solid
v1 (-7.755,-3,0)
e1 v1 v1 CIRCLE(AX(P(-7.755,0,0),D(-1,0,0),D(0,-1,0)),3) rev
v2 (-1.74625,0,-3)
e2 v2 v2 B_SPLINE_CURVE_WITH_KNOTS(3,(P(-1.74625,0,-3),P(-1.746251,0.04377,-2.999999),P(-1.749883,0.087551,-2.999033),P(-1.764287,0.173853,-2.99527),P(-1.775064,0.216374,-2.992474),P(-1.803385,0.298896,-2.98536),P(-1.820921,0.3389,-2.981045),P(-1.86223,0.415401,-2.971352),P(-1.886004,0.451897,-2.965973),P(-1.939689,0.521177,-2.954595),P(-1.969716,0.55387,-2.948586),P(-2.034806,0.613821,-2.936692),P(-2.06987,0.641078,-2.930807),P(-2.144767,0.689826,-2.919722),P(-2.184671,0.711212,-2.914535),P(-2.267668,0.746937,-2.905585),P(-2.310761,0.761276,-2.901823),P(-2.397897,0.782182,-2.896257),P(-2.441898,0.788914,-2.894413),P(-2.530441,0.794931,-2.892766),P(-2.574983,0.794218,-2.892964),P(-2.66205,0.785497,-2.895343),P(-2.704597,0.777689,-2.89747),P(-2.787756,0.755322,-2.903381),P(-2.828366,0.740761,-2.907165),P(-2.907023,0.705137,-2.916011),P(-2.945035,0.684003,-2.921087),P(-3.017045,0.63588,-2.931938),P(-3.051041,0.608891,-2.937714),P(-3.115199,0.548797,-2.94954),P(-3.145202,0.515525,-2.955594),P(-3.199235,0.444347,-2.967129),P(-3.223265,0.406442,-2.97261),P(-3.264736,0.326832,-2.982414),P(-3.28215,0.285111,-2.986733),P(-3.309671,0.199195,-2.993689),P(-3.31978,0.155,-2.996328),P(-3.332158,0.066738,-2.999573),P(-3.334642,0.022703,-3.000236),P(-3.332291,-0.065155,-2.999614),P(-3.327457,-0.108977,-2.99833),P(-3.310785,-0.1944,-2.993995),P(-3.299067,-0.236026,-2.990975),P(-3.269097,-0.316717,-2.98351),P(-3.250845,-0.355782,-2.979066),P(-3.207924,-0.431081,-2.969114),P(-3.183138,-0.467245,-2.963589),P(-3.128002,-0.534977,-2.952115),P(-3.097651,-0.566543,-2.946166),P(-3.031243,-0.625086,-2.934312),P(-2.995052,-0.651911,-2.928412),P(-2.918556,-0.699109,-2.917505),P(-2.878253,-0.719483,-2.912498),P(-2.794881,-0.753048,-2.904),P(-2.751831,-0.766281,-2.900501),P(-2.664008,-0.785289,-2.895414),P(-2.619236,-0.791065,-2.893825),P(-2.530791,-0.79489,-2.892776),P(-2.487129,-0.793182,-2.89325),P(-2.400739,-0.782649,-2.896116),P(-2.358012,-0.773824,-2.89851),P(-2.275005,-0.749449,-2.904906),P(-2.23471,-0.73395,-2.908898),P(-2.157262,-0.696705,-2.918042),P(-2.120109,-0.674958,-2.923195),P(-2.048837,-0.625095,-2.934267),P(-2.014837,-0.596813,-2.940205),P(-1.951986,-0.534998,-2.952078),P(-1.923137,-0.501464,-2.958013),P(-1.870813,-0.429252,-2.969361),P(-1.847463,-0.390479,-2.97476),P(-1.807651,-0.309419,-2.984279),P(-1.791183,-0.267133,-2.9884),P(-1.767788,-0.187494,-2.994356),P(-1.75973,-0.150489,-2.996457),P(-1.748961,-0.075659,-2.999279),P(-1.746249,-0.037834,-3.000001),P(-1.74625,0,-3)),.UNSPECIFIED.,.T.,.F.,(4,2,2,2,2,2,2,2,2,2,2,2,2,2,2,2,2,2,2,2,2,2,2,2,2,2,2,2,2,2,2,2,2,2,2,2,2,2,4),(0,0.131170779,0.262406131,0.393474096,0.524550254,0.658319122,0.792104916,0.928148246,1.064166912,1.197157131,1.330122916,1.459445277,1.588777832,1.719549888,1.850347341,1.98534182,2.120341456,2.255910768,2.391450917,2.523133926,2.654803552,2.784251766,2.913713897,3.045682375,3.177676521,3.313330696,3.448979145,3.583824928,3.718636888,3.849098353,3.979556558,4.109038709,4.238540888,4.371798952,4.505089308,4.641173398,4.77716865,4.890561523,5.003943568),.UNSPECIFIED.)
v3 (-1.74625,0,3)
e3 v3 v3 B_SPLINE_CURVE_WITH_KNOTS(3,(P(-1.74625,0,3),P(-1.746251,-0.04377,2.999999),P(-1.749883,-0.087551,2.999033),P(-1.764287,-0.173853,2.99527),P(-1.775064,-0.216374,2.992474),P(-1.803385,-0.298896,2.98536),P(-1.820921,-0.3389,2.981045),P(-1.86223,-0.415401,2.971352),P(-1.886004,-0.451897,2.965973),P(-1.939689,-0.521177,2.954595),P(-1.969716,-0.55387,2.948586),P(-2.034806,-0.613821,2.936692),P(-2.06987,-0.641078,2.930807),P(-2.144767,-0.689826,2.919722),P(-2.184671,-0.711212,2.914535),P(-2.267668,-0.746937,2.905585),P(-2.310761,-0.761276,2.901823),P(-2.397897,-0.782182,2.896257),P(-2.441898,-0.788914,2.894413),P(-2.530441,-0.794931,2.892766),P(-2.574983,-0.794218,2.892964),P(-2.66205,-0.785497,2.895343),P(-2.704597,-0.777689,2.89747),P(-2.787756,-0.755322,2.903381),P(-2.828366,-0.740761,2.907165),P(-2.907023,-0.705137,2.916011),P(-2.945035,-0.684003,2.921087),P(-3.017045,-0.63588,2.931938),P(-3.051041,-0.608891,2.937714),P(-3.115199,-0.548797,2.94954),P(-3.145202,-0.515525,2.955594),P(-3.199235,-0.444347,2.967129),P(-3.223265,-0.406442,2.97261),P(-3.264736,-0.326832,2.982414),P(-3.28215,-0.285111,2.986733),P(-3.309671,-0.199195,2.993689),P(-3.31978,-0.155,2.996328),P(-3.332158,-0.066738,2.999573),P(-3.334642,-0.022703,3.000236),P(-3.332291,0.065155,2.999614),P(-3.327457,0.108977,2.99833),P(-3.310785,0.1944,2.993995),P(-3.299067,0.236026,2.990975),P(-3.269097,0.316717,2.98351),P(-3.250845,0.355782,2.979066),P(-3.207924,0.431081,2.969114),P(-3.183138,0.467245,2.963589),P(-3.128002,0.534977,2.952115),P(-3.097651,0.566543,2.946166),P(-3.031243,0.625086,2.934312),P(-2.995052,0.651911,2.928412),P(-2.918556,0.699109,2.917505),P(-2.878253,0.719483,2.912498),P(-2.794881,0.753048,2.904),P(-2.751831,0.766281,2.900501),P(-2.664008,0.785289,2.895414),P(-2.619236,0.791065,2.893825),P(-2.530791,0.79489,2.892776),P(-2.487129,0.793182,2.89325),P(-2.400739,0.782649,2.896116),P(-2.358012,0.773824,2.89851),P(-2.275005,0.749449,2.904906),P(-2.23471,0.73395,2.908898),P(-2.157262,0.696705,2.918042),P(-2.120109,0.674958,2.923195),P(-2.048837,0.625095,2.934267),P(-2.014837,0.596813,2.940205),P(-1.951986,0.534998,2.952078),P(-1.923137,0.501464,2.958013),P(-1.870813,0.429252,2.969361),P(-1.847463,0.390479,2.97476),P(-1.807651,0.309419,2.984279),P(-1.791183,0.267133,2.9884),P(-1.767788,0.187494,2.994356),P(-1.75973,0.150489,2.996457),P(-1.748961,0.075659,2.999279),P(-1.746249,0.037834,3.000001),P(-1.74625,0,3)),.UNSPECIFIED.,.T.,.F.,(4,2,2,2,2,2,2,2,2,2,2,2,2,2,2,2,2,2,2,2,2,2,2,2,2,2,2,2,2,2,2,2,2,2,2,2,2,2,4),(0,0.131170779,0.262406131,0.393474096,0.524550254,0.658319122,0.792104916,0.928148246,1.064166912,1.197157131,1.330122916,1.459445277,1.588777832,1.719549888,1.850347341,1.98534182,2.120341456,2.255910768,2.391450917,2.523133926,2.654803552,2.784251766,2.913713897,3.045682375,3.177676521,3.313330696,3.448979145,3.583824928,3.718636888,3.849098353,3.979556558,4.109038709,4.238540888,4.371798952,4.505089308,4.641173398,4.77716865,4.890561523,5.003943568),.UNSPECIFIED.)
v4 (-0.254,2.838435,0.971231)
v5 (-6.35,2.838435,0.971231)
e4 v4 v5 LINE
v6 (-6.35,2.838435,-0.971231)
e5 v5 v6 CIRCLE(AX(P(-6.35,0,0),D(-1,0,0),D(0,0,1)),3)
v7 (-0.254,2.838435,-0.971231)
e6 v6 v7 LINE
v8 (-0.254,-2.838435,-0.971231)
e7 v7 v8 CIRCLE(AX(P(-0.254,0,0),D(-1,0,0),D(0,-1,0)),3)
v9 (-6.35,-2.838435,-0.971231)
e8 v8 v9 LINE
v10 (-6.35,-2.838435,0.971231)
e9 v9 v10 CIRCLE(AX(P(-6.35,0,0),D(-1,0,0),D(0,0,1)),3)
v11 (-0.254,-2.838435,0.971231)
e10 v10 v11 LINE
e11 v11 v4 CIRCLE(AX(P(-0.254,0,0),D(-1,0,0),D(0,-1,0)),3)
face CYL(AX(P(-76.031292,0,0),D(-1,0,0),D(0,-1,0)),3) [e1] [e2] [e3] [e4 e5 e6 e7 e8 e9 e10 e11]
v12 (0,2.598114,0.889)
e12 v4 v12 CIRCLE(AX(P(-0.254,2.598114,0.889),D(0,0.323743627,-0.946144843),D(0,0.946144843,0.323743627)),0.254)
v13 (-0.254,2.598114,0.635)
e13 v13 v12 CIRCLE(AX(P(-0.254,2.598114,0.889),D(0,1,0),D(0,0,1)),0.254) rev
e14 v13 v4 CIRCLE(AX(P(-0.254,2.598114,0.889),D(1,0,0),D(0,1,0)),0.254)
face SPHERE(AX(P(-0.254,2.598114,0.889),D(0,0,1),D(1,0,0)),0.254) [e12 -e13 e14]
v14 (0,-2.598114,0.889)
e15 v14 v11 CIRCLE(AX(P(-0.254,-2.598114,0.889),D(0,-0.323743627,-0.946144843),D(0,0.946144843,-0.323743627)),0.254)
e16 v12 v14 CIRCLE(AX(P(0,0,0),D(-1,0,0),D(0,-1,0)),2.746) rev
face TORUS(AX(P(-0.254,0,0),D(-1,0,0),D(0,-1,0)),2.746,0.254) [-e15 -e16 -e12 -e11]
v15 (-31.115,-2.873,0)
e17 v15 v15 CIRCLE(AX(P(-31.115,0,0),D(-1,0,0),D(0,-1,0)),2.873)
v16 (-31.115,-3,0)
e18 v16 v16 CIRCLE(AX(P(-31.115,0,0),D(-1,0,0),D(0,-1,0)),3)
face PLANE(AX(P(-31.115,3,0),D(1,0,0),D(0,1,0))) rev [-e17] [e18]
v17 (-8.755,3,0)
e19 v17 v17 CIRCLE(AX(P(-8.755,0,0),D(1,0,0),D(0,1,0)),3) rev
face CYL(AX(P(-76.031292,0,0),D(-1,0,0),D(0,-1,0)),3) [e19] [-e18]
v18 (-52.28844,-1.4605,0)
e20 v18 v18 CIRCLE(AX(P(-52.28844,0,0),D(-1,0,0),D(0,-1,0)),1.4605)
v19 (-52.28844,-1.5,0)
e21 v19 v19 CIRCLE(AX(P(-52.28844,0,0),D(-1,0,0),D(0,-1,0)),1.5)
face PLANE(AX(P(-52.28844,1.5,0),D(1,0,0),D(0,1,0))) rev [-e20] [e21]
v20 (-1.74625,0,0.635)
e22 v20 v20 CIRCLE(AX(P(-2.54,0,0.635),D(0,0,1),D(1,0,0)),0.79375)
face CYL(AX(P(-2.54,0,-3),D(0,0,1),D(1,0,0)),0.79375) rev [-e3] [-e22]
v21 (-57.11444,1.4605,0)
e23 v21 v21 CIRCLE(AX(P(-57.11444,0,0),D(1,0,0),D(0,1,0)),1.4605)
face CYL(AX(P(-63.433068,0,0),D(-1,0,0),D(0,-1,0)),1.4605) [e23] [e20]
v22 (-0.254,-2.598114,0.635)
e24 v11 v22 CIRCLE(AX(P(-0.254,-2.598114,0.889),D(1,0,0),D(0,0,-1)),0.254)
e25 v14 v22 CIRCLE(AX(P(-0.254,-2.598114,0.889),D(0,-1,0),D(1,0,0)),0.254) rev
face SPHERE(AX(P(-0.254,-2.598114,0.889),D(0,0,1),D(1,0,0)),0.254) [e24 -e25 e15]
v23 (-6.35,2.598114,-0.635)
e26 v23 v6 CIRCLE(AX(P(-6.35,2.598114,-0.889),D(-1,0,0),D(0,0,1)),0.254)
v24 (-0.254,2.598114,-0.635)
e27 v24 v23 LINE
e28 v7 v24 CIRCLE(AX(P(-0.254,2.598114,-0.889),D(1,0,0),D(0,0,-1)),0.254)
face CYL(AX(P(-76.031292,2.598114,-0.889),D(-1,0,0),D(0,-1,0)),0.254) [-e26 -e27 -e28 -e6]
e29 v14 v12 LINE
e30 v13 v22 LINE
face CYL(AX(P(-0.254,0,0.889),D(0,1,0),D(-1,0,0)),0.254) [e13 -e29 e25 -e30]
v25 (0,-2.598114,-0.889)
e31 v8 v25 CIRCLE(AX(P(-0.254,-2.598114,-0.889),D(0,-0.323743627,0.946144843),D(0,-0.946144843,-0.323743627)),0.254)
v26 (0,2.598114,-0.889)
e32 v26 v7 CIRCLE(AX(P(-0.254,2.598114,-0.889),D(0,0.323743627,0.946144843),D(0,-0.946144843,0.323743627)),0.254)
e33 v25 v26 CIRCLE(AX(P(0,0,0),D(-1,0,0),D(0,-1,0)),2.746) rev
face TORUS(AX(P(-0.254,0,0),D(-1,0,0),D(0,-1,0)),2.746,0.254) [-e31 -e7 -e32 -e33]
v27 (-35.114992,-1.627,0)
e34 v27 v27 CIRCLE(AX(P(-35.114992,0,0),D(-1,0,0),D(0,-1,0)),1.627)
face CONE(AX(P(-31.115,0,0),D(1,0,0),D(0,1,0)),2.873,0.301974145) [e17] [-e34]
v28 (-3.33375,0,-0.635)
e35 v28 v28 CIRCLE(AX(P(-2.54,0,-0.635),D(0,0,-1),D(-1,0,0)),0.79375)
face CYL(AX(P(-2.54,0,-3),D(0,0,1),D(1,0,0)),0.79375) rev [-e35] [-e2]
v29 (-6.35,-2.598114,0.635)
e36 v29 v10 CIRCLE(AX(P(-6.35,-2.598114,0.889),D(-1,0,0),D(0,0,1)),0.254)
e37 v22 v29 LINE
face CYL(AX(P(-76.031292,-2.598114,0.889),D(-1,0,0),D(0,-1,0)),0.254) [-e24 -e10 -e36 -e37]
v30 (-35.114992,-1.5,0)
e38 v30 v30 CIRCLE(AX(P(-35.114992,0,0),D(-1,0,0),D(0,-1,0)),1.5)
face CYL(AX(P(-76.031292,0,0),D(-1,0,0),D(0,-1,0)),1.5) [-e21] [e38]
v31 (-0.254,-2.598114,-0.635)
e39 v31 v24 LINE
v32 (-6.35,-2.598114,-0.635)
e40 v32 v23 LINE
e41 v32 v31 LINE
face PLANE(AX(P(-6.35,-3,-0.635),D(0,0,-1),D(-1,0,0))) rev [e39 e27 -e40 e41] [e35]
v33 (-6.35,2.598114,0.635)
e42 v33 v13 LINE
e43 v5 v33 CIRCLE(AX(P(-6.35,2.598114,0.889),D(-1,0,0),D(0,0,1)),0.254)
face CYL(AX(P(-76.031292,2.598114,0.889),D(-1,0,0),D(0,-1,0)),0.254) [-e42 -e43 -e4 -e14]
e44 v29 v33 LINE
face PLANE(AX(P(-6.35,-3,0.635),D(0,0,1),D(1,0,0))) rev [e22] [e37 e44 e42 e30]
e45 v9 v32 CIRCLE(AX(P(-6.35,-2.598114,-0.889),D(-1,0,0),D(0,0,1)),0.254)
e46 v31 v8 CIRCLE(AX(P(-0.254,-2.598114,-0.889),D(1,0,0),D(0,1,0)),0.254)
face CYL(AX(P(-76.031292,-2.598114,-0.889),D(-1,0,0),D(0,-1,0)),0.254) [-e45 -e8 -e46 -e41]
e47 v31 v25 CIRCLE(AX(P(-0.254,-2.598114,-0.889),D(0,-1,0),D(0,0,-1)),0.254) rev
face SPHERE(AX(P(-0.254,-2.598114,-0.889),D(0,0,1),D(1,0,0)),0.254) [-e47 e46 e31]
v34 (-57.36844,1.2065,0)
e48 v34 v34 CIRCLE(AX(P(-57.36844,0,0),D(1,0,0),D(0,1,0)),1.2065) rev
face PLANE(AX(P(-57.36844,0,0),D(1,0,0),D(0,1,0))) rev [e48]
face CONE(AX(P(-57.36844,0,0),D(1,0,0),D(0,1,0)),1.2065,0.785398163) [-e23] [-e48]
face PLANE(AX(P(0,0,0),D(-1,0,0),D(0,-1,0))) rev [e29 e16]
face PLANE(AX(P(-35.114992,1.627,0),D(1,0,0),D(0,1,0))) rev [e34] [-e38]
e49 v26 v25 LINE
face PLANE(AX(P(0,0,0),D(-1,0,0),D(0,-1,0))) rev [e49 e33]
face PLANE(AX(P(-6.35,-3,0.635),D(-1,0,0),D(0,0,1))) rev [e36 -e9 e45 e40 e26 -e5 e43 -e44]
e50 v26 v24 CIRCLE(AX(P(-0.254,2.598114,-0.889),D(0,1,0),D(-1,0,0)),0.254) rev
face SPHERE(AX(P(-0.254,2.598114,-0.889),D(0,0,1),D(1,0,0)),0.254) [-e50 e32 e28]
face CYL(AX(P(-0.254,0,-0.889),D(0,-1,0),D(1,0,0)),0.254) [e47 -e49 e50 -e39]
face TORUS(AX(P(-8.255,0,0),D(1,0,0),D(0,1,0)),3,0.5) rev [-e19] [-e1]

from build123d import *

# Parameters (mm, degrees)
ESQUISSE2_W                  = 12.7
ESQUISSE2_H                  = 1.27
ENL_V_MAT_EXTRU_1_DEPTH      = 4
ENL_V_MAT_EXTRU_1_DEPTH_BACK = 4
ESQUISSE3_R                  = 0.79375
ENL_V_MAT_EXTRU_2_DEPTH      = 4
ENL_V_MAT_EXTRU_2_DEPTH_BACK = 4
ESQUISSE4_W                  = 5.08
ESQUISSE4_H                  = 0.0395
CHANFREIN1_SIZE              = 0.254
CONG_1_R                     = 0.254
ESQUISSE5_R                  = 0.5


with BuildPart() as part:
    # Esquisse1 → Révolution1 (revolve)
    with BuildSketch(Plane.XY):
        Polygon((0, 0), (0, 3), (-31.115, 3), (-31.115, 2.873), (-35.114992, 1.627), (-35.114992, 1.5), (-57.36844, 1.5), (-57.36844, 0), align=None)
    revolve(axis=Axis((-76.031292341, 0, 0), (1, 0, 0)))

    # Esquisse2 → Enlèv. mat.-Extru.1 (cut, two sides)
    with BuildSketch(Plane(origin=(0, 0, 0), x_dir=(1, 0, 0), z_dir=(0, 1, 0))) as enl_v_mat_extru_1_sk:
        Rectangle(ESQUISSE2_W, ESQUISSE2_H)
    extrude(amount=ENL_V_MAT_EXTRU_1_DEPTH, mode=Mode.SUBTRACT)
    extrude(enl_v_mat_extru_1_sk.sketch, amount=-ENL_V_MAT_EXTRU_1_DEPTH_BACK, mode=Mode.SUBTRACT)

    # Esquisse3 → Enlèv. mat.-Extru.2 (cut, two sides)
    with BuildSketch(Plane.XY) as enl_v_mat_extru_2_sk:
        with Locations((-2.54, 0)):
            Circle(ESQUISSE3_R)
    extrude(amount=ENL_V_MAT_EXTRU_2_DEPTH, mode=Mode.SUBTRACT)
    extrude(enl_v_mat_extru_2_sk.sketch, amount=-ENL_V_MAT_EXTRU_2_DEPTH_BACK, mode=Mode.SUBTRACT)

    # Esquisse4 → Enlèvement de matière-Révolution1 (revolve, cut)
    with BuildSketch(Plane.XY):
        with Locations((-54.82844, 1.48025)):
            Rectangle(ESQUISSE4_W, ESQUISSE4_H)
    revolve(axis=Axis((-63.433068243, 0, 0), (1, 0, 0)), mode=Mode.SUBTRACT)

    # Chanfrein1
    chanfrein1_edges = [part.edges().sort_by_distance(p)[0] for p in [
        (-57.36844, -1.4605, 0),
    ]]
    chamfer(chanfrein1_edges, length=CHANFREIN1_SIZE)

    # Congé1
    cong_1_edges = [part.edges().sort_by_distance(p)[0] for p in [
        (0, 0, 3),
        (0, 0, -3),
        (0, 0, -0.635),
        (0, 0, 0.635),
        (-3.175, 2.93202575, 0.635),
        (-3.175, -2.93202575, 0.635),
        (-3.175, -2.93202575, -0.635),
        (-3.175, 2.93202575, -0.635),
    ]]
    fillet(cong_1_edges, radius=CONG_1_R)

    # Esquisse5 → Enlèvement de matière-Révolution2 (revolve, cut)
    with BuildSketch(Plane.XY):
        with Locations((-8.255, 3)):
            Circle(ESQUISSE5_R)
    revolve(axis=Axis((-76.031292341, 0, 0), (-1, 0, 0)), mode=Mode.SUBTRACT)


solid = part.part
